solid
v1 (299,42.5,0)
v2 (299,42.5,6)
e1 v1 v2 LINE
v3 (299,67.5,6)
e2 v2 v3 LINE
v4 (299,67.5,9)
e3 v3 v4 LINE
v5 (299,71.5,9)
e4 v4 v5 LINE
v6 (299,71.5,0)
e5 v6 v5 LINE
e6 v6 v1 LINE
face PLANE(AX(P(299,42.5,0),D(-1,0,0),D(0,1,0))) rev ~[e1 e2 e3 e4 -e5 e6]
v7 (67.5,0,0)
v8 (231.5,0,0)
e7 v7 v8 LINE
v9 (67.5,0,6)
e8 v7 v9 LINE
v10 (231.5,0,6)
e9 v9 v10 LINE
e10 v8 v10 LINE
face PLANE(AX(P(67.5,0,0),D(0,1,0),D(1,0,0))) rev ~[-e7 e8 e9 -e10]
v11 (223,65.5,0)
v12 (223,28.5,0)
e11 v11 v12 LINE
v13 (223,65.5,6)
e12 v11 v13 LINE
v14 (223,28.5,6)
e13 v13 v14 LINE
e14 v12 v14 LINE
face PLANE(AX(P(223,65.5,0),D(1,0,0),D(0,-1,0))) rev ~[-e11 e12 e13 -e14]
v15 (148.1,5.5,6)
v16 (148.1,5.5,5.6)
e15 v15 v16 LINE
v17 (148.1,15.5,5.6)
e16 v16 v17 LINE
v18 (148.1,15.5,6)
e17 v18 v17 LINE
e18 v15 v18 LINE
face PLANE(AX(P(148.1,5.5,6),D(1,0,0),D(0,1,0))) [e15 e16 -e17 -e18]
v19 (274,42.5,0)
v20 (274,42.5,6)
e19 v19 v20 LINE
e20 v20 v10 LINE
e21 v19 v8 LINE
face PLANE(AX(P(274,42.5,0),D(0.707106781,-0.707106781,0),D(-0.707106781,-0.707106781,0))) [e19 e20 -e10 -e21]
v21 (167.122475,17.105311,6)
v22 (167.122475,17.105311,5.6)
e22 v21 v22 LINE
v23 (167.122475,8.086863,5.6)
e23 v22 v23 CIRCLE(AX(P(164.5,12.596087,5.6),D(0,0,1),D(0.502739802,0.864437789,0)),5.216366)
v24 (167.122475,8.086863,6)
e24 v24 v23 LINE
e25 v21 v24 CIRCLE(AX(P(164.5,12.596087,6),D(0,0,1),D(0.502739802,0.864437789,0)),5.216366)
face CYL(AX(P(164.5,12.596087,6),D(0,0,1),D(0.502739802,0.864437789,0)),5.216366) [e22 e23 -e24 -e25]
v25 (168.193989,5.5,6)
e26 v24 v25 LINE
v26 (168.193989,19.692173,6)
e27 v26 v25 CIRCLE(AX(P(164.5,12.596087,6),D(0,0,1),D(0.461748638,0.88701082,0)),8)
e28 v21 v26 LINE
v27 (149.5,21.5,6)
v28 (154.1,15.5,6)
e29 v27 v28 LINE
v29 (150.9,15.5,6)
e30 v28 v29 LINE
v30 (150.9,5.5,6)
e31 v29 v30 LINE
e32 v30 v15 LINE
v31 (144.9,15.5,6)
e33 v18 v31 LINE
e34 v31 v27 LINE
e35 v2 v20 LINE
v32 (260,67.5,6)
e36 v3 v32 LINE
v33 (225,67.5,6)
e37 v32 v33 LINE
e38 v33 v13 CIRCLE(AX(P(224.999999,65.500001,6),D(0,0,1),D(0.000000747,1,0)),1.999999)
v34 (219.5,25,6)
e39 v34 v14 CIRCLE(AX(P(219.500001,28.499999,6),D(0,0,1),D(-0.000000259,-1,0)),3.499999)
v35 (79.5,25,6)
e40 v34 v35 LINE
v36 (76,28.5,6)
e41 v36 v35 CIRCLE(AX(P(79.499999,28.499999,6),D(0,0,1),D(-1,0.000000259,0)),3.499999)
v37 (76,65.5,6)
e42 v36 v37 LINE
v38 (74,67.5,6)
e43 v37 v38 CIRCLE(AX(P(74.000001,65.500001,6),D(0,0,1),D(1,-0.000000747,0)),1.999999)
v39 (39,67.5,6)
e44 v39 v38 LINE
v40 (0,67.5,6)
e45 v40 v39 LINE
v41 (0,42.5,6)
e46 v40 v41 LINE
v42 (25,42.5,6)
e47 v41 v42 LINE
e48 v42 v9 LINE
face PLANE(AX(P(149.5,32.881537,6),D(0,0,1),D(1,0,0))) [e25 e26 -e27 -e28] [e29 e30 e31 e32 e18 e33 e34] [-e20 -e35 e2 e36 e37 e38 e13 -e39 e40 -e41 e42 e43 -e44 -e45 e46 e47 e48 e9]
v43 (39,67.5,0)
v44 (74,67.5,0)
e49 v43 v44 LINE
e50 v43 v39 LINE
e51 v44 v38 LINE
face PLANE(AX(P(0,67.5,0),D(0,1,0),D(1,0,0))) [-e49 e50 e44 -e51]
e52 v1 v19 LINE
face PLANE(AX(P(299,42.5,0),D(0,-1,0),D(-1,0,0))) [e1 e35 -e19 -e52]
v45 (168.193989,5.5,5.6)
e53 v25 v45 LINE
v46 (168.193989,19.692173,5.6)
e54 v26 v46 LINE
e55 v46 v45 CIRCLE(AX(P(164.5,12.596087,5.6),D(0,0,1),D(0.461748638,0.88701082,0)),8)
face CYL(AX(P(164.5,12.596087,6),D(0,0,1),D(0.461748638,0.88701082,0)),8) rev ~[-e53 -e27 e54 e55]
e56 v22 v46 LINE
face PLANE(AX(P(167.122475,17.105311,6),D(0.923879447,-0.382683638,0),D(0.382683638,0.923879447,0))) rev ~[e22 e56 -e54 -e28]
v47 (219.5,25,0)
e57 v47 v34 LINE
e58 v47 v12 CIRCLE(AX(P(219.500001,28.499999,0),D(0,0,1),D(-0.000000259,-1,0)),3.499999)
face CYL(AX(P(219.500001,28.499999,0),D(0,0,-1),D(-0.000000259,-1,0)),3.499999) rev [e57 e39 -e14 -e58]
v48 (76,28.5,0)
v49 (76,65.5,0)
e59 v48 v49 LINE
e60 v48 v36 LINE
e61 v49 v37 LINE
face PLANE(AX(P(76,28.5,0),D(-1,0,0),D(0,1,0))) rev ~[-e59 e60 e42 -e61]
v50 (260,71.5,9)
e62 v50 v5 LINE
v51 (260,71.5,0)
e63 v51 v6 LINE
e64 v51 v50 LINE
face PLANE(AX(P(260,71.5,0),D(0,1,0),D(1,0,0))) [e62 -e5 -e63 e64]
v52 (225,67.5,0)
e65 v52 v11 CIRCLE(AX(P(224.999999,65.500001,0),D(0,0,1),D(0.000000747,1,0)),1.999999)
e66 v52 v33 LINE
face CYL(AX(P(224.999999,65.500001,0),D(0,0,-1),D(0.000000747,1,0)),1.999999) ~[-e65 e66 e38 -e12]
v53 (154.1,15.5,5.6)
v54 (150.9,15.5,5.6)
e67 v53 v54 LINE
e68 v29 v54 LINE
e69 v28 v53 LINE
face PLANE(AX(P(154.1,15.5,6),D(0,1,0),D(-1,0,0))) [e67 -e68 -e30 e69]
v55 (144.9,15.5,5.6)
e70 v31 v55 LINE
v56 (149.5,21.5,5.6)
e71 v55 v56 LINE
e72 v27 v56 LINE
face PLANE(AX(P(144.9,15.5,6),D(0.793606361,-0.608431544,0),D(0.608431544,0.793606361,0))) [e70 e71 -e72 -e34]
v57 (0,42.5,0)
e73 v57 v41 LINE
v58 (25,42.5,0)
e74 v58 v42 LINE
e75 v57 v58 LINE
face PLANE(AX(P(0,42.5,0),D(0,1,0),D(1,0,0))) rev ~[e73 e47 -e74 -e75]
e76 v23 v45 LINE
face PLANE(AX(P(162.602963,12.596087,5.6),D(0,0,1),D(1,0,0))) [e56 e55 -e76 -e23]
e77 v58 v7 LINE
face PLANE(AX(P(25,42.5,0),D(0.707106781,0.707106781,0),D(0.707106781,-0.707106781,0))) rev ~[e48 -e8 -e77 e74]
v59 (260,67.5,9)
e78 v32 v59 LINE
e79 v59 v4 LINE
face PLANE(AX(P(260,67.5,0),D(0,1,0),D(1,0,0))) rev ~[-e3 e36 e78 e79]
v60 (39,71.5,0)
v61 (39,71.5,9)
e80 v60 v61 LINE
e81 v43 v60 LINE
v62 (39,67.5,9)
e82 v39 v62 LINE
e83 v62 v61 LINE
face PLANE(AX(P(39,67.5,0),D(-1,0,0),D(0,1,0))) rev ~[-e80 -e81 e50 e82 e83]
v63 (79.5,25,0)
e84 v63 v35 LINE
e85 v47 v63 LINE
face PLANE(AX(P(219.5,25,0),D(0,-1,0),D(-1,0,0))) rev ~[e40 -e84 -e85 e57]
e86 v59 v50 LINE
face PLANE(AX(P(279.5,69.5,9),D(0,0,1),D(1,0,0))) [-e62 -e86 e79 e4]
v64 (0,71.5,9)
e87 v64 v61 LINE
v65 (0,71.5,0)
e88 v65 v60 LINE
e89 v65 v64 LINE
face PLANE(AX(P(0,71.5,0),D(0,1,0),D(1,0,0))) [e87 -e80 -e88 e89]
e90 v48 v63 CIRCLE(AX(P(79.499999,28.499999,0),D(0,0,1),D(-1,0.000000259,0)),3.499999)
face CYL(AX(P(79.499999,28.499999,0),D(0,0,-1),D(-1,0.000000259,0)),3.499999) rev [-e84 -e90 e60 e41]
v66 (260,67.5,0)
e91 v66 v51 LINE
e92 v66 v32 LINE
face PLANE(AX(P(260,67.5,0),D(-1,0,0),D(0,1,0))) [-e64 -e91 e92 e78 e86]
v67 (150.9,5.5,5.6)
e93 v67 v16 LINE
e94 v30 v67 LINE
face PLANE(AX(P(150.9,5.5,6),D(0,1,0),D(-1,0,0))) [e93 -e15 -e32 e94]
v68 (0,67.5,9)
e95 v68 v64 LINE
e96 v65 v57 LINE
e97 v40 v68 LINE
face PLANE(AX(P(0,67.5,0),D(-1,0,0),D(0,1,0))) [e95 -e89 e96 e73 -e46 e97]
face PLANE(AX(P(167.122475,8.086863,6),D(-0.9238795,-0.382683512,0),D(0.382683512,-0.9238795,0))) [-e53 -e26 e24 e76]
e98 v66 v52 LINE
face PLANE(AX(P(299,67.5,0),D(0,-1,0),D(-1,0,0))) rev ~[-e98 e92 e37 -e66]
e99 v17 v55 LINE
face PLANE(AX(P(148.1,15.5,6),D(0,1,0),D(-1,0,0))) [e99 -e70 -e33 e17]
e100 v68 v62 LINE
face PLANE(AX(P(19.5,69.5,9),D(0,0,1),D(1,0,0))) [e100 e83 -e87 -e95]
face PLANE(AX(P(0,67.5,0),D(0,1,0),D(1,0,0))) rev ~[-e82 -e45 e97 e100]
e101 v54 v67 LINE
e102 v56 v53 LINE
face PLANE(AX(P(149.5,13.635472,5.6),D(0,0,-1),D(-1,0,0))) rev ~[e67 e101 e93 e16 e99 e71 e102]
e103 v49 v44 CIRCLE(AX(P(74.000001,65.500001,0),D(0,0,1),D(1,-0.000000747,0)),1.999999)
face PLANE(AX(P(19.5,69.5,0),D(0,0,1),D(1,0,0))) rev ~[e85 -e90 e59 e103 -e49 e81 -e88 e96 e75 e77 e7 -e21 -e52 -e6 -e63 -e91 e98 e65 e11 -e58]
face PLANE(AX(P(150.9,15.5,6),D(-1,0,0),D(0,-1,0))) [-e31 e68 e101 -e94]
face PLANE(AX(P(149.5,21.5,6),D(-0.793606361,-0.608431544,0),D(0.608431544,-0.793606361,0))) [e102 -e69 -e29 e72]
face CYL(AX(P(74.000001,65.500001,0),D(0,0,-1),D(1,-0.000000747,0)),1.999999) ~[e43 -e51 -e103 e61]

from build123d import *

# Parameters (mm, degrees)
PAD_DEPTH    = 6
SKETCH002_W  = 39
SKETCH002_H  = 4
PAD001_DEPTH = 9
POCKET_DEPTH = 0.4


with BuildPart() as part:
    # Sketch001 → Pad (new body)
    with BuildSketch(Plane.XY):
        with BuildLine():
            Line((67.5, 0), (231.5, 0))
            Line((274, 42.5), (231.5, 0))
            Line((299, 42.5), (274, 42.5))
            Line((299, 42.5), (299, 67.5))
            Line((299, 67.5), (225, 67.5))
            ThreePointArc((225, 67.5), (223.585786, 66.914214), (223, 65.5))
            Line((223, 65.5), (223, 28.5))
            ThreePointArc((219.5, 25), (221.974874, 26.025126), (223, 28.5))
            Line((219.5, 25), (79.5, 25))
            ThreePointArc((76, 28.5), (77.025126, 26.025126), (79.5, 25))
            Line((76, 28.5), (76, 65.5))
            ThreePointArc((76, 65.5), (75.414214, 66.914214), (74, 67.5))
            Line((0, 67.5), (74, 67.5))
            Line((0, 67.5), (0, 42.5))
            Line((0, 42.5), (25, 42.5))
            Line((25, 42.5), (67.5, 0))
        make_face()
    extrude(amount=PAD_DEPTH)

    # Sketch002 → Pad001 (join)
    with BuildSketch(Plane.XY):
        with Locations((19.5, 69.5)):
            Rectangle(SKETCH002_W, SKETCH002_H)
        with Locations((279.5, 69.5)):
            Rectangle(SKETCH002_W, SKETCH002_H)
    extrude(amount=PAD001_DEPTH)

    # Sketch (on Face4 of Pad001) → Pocket (cut)
    with BuildSketch(Plane.XY.offset(6)):
        Polygon((144.9, 15.5), (149.5, 21.5), (154.1, 15.5), (150.9, 15.5), (150.9, 5.5), (148.1, 5.5), (148.1, 15.5), align=None)
        with BuildLine():
            ThreePointArc((168.193989, 19.692173), (156.5, 12.596087), (168.193989, 5.5))
            Line((167.122475, 8.086863), (168.193989, 5.5))
            ThreePointArc((167.122475, 17.105311), (159.283634, 12.596087), (167.122475, 8.086863))
            Line((167.122475, 17.105311), (168.193989, 19.692173))
        make_face()
    extrude(amount=-POCKET_DEPTH, mode=Mode.SUBTRACT)


solid = part.part
